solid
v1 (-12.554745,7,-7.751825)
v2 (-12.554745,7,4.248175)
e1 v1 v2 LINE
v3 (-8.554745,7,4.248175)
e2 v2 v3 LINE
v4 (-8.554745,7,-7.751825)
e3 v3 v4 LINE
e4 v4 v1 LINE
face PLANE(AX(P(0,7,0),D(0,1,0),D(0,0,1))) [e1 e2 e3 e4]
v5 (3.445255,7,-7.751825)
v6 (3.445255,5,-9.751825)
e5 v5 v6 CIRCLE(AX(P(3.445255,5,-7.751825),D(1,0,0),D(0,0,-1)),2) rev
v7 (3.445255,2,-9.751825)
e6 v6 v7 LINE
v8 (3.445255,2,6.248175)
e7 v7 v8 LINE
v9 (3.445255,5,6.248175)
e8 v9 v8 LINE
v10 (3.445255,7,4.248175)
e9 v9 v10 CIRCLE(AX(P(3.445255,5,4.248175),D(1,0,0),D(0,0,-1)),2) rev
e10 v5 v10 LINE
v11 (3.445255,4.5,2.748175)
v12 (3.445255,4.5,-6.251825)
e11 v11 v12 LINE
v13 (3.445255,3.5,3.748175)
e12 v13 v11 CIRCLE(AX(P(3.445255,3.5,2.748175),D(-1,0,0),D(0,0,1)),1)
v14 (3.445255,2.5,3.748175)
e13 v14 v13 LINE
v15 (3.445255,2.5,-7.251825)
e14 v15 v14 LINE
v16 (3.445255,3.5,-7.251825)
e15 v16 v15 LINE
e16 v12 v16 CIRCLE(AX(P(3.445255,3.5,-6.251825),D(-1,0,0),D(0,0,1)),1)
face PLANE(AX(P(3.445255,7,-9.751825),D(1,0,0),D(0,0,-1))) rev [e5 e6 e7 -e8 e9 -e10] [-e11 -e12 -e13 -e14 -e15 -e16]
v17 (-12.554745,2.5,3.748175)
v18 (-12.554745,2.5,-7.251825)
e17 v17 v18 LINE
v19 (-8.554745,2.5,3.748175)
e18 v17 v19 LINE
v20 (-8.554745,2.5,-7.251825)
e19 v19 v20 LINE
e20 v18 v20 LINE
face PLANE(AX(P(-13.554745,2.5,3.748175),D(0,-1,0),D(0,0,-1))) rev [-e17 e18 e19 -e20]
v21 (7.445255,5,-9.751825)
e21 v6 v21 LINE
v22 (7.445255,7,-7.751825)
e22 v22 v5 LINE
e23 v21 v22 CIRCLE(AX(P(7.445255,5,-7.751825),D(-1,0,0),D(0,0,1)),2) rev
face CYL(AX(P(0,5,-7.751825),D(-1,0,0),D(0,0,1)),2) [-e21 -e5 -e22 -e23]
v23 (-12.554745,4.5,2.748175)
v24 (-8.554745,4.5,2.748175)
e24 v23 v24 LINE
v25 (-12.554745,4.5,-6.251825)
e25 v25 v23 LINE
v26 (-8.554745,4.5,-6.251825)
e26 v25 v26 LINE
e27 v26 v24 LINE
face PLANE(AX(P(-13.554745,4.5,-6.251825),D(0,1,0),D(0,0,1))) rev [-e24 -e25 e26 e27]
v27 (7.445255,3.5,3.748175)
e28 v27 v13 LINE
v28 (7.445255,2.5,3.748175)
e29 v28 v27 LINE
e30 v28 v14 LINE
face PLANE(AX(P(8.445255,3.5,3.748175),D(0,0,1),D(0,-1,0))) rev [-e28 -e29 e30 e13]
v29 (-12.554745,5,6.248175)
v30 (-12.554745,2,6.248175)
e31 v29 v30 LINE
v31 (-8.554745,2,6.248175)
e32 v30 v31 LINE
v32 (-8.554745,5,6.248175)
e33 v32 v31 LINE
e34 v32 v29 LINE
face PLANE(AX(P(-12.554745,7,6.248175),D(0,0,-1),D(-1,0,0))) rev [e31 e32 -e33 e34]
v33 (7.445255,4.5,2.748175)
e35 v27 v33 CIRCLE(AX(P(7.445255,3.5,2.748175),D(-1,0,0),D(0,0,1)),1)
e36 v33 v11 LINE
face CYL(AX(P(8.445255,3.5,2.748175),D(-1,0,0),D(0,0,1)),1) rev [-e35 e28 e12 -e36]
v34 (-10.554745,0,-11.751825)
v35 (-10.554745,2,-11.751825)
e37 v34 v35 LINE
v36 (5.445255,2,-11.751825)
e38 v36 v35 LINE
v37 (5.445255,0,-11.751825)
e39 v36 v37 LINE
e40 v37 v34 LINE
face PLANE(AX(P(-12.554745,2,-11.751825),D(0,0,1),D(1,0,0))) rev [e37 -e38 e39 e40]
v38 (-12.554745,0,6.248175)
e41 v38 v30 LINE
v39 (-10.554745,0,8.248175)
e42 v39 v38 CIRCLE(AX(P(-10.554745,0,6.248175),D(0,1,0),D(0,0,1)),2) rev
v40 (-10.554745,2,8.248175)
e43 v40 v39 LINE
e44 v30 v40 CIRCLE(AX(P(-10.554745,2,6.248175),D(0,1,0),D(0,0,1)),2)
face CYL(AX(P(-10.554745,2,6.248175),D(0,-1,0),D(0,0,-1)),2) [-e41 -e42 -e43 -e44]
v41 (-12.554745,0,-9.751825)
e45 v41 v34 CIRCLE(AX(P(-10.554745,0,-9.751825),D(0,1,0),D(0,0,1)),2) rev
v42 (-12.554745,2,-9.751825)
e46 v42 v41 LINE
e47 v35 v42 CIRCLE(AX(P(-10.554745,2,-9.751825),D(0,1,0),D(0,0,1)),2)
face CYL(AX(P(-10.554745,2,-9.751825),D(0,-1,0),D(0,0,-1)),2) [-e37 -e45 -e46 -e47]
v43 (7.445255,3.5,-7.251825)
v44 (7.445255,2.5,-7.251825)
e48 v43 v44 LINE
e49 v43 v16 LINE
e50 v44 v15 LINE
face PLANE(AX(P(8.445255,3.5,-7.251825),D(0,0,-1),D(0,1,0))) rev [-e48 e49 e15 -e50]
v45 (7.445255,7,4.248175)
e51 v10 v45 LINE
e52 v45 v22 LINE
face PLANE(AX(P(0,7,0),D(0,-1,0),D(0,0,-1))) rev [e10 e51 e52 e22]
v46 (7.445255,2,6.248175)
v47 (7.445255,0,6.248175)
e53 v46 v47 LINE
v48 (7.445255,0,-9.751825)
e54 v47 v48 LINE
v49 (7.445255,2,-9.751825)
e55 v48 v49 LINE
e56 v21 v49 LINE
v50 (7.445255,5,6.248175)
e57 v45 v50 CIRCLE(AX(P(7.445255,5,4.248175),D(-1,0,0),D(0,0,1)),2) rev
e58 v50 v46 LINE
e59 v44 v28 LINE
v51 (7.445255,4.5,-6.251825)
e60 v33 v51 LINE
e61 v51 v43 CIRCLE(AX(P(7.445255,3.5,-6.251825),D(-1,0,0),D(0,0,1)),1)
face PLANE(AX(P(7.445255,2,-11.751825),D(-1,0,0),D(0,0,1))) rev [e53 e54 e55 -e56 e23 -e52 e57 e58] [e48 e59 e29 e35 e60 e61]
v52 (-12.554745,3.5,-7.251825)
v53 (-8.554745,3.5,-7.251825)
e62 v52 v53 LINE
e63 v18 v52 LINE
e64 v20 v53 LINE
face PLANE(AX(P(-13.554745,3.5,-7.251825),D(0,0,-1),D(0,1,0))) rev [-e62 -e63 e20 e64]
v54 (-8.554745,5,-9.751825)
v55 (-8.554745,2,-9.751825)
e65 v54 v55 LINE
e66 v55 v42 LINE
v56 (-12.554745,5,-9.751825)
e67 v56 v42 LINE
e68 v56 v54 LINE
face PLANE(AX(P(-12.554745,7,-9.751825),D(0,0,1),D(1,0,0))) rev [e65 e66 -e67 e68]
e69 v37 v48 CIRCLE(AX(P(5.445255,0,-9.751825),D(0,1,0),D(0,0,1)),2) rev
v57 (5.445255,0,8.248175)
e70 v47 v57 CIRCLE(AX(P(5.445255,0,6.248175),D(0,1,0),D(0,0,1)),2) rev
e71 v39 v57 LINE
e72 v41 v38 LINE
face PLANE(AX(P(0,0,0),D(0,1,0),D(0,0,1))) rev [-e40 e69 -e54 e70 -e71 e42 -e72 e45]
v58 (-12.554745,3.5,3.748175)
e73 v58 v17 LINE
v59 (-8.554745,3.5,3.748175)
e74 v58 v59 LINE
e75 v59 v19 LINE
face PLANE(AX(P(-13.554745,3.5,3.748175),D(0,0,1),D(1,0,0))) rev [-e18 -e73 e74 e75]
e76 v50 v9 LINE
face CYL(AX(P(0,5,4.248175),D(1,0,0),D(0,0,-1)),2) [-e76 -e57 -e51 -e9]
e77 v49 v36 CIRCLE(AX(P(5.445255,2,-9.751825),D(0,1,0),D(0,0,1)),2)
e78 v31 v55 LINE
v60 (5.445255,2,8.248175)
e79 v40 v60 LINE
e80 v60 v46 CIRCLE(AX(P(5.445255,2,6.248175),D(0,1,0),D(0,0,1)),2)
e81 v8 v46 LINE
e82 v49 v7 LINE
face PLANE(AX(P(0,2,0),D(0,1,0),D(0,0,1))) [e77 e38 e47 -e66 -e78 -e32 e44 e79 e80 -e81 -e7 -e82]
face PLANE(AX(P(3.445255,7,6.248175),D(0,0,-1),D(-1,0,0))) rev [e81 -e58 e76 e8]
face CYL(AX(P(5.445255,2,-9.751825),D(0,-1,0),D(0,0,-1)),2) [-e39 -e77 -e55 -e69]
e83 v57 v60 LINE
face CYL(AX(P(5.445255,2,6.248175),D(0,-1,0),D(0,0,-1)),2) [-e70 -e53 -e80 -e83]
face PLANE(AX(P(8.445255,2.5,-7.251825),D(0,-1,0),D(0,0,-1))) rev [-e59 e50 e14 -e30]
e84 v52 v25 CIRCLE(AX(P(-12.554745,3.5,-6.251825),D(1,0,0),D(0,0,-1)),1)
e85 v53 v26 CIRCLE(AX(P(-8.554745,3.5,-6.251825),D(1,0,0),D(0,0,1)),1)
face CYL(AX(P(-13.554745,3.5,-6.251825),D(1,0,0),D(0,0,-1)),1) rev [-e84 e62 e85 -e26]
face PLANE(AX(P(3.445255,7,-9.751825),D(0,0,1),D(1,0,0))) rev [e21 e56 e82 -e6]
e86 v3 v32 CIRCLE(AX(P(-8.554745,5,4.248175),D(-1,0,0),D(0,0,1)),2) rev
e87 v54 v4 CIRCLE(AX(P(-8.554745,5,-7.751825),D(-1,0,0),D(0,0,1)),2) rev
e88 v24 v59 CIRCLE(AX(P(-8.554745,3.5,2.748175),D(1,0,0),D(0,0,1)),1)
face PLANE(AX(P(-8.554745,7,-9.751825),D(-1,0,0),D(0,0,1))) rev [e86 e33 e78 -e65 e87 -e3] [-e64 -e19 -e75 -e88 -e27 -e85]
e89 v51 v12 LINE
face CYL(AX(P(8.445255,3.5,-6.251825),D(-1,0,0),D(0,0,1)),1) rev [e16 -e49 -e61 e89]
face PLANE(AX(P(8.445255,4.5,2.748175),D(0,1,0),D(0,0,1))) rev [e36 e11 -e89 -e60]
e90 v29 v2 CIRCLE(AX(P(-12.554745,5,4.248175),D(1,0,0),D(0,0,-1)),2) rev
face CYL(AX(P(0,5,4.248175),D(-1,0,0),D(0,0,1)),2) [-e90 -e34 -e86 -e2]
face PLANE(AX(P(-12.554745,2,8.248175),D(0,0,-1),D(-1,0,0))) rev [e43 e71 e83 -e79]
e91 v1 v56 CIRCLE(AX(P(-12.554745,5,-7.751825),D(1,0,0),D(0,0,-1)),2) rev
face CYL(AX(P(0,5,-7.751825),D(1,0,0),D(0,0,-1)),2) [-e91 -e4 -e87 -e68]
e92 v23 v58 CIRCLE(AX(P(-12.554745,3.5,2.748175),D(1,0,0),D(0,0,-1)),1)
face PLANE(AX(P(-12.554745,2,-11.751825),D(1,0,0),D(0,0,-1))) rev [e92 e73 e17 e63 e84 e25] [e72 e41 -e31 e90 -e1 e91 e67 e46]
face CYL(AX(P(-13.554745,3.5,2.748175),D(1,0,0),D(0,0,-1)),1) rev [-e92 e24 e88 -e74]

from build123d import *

# Parameters (mm, degrees)
CROQUIS1_W              = 20
CROQUIS1_H              = 20
SALIENTE_EXTRUIR1_DEPTH = 2
CROQUIS2_W              = 4
CROQUIS2_H              = 16
SALIENTE_EXTRUIR2_DEPTH = 5
CORTAR_EXTRUIR2_DEPTH   = 5
CORTAR_EXTRUIR3_START   = -5
CORTAR_EXTRUIR3_DEPTH   = 5
REDONDEO1_R             = 2
REDONDEO2_R             = 2


with BuildPart() as part:
    # Croquis1 → Saliente-Extruir1 (new body)
    with BuildSketch(Plane(origin=(0, 0, 0), x_dir=(1, 0, 0), z_dir=(0, 1, 0))):
        with Locations((-2.554744526, 1.751824818)):
            Rectangle(CROQUIS1_W, CROQUIS1_H)
    extrude(amount=SALIENTE_EXTRUIR1_DEPTH)

    # Croquis2 → Saliente-Extruir2 (add)
    with BuildSketch(Plane(origin=(0, 2, 0), x_dir=(1, 0, 0), z_dir=(0, 1, 0))):
        with Locations((-10.554744526, 1.751824818)):
            Rectangle(CROQUIS2_W, CROQUIS2_H)
        with Locations((5.445255474, 1.751824818)):
            Rectangle(CROQUIS2_W, CROQUIS2_H)
    extrude(amount=SALIENTE_EXTRUIR2_DEPTH)

    # Croquis3 → Cortar-Extruir2 (cut)
    with BuildSketch(Plane(origin=(-8.554744526, 0, 0), x_dir=(0, 0, -1), z_dir=(1, 0, 0))):
        with BuildLine():
            Line((6.251824818, 4.5), (-2.748175182, 4.5))
            ThreePointArc((-2.748175182, 4.5), (-3.455281964, 4.207106781), (-3.748175182, 3.5))
            Line((-3.748175182, 3.5), (-3.748175182, 2.5))
            Line((-3.748175182, 2.5), (7.251824818, 2.5))
            Line((7.251824818, 2.5), (7.251824818, 3.5))
            ThreePointArc((7.251824818, 3.5), (6.958931599, 4.207106781), (6.251824818, 4.5))
        make_face()
    extrude(amount=-CORTAR_EXTRUIR2_DEPTH, mode=Mode.SUBTRACT)

    # Croquis4 → Cortar-Extruir3 (cut)
    with BuildSketch(Plane.ZY.offset(-3.445255474).offset(CORTAR_EXTRUIR3_START)):
        with BuildLine():
            Line((2.748175182, 4.5), (-6.251824818, 4.5))
            ThreePointArc((-6.251824818, 4.5), (-6.958931599, 4.207106781), (-7.251824818, 3.5))
            Line((-7.251824818, 3.5), (-7.251824818, 2.5))
            Line((-7.251824818, 2.5), (3.748175182, 2.5))
            Line((3.748175182, 2.5), (3.748175182, 3.5))
            ThreePointArc((3.748175182, 3.5), (3.455281964, 4.207106781), (2.748175182, 4.5))
        make_face()
    extrude(amount=CORTAR_EXTRUIR3_DEPTH, mode=Mode.SUBTRACT)

    # Redondeo1
    redondeo1_edges = [part.edges().sort_by_distance(p)[0] for p in [
        (7.445255474, 1, -11.751824818),
        (-12.554744526, 1, -11.751824818),
        (7.445255474, 1, 8.248175182),
        (-12.554744526, 1, 8.248175182),
    ]]
    fillet(redondeo1_edges, radius=REDONDEO1_R)

    # Redondeo2
    redondeo2_edges = [part.edges().sort_by_distance(p)[0] for p in [
        (5.445255474, 7, -9.751824818),
        (5.445255474, 7, 6.248175182),
        (-10.554744526, 7, -9.751824818),
        (-10.554744526, 7, 6.248175182),
    ]]
    fillet(redondeo2_edges, radius=REDONDEO2_R)


solid = part.part
